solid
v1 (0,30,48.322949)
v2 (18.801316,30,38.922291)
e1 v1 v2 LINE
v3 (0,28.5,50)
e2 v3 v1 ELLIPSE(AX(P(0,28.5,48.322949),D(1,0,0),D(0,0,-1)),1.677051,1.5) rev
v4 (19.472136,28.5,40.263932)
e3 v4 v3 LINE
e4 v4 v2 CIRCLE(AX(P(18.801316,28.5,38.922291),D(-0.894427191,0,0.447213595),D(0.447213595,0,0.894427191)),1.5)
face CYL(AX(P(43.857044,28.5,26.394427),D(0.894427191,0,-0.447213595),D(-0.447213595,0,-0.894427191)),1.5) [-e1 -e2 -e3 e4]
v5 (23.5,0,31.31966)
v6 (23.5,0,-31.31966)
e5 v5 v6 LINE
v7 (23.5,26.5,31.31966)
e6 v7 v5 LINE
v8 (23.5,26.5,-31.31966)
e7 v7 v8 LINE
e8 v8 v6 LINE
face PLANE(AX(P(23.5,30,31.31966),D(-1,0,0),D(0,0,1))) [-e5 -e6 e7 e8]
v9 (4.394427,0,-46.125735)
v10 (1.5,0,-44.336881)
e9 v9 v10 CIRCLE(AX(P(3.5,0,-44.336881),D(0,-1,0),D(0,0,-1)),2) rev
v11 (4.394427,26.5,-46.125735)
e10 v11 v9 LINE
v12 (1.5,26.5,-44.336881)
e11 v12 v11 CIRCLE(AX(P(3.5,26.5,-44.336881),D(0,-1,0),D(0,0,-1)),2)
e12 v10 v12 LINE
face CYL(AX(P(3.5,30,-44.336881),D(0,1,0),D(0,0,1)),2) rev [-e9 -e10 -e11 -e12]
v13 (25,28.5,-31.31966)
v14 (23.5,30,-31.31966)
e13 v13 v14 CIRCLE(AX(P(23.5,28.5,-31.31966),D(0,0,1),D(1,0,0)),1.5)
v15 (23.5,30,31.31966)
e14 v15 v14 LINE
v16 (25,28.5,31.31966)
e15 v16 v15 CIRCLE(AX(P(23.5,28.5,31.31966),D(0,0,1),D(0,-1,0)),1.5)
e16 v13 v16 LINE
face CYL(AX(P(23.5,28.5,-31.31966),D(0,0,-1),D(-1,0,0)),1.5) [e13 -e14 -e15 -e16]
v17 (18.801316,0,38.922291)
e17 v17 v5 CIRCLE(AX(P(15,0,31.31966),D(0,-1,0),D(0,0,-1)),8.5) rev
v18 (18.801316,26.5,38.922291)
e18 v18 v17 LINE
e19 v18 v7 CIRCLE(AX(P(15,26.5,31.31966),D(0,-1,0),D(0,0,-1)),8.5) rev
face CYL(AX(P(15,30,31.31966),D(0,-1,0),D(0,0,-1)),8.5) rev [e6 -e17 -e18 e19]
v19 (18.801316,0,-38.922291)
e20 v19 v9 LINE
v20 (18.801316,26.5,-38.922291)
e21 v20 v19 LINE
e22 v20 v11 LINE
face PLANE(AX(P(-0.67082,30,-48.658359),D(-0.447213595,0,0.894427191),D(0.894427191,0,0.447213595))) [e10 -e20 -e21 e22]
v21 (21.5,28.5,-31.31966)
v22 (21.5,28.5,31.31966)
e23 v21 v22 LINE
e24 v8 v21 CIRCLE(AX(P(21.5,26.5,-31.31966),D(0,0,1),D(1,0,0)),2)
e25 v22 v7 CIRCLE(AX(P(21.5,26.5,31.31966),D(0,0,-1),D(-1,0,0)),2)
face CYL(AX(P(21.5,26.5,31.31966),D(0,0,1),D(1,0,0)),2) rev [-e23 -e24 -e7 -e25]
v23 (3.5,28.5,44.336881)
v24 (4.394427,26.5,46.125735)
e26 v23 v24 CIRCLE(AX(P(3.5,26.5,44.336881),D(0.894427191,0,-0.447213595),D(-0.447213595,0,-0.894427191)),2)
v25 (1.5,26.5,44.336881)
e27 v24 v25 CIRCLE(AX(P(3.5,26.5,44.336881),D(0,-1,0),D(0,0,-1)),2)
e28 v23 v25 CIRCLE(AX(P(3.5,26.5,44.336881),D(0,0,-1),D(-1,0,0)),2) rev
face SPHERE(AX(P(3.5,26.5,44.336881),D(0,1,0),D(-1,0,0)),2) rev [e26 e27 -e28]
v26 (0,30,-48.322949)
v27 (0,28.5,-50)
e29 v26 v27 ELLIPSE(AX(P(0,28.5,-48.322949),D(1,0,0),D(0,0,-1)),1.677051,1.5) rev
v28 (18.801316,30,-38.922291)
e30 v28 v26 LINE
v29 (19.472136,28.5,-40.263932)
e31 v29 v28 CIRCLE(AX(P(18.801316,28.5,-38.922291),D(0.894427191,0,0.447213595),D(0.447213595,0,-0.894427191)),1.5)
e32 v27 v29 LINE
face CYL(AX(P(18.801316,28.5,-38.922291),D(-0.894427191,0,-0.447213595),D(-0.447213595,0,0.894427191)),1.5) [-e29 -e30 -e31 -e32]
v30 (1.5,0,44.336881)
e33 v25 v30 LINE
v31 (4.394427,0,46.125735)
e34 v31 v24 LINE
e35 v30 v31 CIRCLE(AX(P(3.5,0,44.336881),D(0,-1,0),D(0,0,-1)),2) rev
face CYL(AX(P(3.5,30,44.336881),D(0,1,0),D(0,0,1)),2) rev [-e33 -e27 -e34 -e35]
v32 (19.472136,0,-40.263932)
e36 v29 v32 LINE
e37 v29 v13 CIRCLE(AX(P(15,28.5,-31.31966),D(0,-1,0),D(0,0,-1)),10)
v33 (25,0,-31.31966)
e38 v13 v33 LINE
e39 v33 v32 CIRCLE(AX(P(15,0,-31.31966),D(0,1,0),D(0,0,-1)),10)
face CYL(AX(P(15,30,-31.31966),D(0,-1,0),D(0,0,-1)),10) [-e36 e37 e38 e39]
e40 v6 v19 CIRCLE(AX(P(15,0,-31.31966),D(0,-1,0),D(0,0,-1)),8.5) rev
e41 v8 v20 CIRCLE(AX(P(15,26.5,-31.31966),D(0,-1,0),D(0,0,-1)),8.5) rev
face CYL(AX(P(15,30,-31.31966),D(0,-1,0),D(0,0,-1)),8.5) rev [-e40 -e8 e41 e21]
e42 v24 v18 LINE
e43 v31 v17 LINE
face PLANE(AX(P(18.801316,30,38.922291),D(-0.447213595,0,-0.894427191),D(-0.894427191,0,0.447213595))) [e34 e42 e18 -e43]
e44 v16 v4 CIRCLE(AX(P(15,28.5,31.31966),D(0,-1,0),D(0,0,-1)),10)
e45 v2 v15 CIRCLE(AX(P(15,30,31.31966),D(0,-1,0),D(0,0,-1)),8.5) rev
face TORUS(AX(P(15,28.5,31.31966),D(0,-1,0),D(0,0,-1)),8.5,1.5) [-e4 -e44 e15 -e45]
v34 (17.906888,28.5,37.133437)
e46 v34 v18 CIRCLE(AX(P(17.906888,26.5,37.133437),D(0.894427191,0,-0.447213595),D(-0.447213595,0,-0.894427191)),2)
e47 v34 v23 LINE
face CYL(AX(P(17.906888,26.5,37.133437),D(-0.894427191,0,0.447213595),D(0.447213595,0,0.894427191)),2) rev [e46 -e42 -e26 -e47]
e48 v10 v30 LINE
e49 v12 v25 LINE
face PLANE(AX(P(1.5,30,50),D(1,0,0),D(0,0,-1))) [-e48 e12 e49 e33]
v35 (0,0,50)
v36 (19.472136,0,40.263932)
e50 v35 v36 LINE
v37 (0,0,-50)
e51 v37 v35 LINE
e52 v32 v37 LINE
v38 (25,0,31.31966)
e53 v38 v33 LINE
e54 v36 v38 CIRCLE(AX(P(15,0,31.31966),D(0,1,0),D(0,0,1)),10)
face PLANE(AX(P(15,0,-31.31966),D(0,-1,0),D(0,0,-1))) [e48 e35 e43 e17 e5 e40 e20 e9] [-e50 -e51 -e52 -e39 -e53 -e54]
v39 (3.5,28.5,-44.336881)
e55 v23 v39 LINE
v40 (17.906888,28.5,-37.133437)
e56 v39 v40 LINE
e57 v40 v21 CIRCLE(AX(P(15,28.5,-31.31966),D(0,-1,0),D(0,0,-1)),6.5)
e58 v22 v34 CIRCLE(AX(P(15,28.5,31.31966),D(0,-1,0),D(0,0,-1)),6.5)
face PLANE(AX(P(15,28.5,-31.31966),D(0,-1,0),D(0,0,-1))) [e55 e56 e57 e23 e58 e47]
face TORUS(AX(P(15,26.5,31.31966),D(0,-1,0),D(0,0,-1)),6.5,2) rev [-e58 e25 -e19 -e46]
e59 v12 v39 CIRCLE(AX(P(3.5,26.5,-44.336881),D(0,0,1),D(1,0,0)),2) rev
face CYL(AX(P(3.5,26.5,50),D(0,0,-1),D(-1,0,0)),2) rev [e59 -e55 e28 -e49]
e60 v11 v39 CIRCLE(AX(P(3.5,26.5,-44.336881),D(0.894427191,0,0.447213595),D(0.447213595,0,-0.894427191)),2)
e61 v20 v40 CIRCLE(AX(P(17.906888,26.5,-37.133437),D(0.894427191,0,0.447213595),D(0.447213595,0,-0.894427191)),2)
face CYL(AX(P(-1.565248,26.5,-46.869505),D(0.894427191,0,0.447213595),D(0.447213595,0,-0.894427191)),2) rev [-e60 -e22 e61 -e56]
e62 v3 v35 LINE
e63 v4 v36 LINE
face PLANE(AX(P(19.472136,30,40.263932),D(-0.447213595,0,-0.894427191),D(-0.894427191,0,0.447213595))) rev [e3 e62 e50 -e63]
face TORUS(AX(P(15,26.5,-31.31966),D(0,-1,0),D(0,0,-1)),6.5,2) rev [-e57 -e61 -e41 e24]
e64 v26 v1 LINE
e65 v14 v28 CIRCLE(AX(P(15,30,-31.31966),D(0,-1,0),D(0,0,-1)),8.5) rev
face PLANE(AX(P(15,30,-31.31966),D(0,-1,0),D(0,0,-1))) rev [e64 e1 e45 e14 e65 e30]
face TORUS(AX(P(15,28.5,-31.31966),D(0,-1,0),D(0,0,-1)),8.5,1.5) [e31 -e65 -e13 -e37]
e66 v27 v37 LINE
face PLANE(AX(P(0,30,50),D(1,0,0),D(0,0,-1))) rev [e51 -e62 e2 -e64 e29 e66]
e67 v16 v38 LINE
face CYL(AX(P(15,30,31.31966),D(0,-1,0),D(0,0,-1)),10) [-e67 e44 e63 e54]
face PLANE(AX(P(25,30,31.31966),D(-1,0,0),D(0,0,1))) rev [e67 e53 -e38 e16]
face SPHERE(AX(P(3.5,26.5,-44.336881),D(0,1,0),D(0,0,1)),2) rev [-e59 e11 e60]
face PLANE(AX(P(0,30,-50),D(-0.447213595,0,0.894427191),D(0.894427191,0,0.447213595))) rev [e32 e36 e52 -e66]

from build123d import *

# Parameters (mm, degrees)
BOSS_EXTRUDE1_DEPTH = 30
SHELL1_T            = -1.5
FILLET1_R           = 2
FILLET2_R           = 1.5


with BuildPart() as part:
    # Sketch1 → Boss-Extrude1 (new body)
    with BuildSketch(Plane(origin=(0, 0, 0), x_dir=(1, 0, 0), z_dir=(0, 1, 0))):
        with BuildLine():
            Line((0, -50), (0, 50))
            Line((0, 50), (19.472135955, 40.263932023))
            ThreePointArc((19.472135955, 40.263932023), (23.506508084, 36.576971234), (25, 31.319660113))
            Line((25, 31.319660113), (25, -31.319660113))
            ThreePointArc((25, -31.319660113), (23.506508084, -36.576971234), (19.472135955, -40.263932023))
            Line((19.472135955, -40.263932023), (0, -50))
        make_face()
    extrude(amount=BOSS_EXTRUDE1_DEPTH)

    # Shell1
    shell1_openings = [part.faces().sort_by_distance(p)[0] for p in [
        (11.834043947, 0, 0),
    ]]
    offset(amount=SHELL1_T, openings=shell1_openings, kind=Kind.INTERSECTION)

    # Fillet1
    fillet1_edges = [part.edges().sort_by_distance(p)[0] for p in [
        (1.5, 14.25, -47.572949017),
        (1.5, 14.25, 47.572949017),
        (10.150657781, 28.5, -43.247620126),
        (1.5, 28.5, 0),
        (10.150657781, 28.5, 43.247620126),
        (22.230531871, 28.5, 35.788374566),
        (23.5, 28.5, 0),
        (22.230531871, 28.5, -35.788374566),
    ]]
    fillet(fillet1_edges, radius=FILLET1_R)

    # Fillet2
    fillet2_edges = [part.edges().sort_by_distance(p)[0] for p in [
        (9.736067977, 30, 45.131966011),
        (23.506508084, 30, 36.576971234),
        (25, 30, 0),
        (23.506508084, 30, -36.576971234),
        (9.736067977, 30, -45.131966011),
    ]]
    fillet(fillet2_edges, radius=FILLET2_R)


solid = part.part
